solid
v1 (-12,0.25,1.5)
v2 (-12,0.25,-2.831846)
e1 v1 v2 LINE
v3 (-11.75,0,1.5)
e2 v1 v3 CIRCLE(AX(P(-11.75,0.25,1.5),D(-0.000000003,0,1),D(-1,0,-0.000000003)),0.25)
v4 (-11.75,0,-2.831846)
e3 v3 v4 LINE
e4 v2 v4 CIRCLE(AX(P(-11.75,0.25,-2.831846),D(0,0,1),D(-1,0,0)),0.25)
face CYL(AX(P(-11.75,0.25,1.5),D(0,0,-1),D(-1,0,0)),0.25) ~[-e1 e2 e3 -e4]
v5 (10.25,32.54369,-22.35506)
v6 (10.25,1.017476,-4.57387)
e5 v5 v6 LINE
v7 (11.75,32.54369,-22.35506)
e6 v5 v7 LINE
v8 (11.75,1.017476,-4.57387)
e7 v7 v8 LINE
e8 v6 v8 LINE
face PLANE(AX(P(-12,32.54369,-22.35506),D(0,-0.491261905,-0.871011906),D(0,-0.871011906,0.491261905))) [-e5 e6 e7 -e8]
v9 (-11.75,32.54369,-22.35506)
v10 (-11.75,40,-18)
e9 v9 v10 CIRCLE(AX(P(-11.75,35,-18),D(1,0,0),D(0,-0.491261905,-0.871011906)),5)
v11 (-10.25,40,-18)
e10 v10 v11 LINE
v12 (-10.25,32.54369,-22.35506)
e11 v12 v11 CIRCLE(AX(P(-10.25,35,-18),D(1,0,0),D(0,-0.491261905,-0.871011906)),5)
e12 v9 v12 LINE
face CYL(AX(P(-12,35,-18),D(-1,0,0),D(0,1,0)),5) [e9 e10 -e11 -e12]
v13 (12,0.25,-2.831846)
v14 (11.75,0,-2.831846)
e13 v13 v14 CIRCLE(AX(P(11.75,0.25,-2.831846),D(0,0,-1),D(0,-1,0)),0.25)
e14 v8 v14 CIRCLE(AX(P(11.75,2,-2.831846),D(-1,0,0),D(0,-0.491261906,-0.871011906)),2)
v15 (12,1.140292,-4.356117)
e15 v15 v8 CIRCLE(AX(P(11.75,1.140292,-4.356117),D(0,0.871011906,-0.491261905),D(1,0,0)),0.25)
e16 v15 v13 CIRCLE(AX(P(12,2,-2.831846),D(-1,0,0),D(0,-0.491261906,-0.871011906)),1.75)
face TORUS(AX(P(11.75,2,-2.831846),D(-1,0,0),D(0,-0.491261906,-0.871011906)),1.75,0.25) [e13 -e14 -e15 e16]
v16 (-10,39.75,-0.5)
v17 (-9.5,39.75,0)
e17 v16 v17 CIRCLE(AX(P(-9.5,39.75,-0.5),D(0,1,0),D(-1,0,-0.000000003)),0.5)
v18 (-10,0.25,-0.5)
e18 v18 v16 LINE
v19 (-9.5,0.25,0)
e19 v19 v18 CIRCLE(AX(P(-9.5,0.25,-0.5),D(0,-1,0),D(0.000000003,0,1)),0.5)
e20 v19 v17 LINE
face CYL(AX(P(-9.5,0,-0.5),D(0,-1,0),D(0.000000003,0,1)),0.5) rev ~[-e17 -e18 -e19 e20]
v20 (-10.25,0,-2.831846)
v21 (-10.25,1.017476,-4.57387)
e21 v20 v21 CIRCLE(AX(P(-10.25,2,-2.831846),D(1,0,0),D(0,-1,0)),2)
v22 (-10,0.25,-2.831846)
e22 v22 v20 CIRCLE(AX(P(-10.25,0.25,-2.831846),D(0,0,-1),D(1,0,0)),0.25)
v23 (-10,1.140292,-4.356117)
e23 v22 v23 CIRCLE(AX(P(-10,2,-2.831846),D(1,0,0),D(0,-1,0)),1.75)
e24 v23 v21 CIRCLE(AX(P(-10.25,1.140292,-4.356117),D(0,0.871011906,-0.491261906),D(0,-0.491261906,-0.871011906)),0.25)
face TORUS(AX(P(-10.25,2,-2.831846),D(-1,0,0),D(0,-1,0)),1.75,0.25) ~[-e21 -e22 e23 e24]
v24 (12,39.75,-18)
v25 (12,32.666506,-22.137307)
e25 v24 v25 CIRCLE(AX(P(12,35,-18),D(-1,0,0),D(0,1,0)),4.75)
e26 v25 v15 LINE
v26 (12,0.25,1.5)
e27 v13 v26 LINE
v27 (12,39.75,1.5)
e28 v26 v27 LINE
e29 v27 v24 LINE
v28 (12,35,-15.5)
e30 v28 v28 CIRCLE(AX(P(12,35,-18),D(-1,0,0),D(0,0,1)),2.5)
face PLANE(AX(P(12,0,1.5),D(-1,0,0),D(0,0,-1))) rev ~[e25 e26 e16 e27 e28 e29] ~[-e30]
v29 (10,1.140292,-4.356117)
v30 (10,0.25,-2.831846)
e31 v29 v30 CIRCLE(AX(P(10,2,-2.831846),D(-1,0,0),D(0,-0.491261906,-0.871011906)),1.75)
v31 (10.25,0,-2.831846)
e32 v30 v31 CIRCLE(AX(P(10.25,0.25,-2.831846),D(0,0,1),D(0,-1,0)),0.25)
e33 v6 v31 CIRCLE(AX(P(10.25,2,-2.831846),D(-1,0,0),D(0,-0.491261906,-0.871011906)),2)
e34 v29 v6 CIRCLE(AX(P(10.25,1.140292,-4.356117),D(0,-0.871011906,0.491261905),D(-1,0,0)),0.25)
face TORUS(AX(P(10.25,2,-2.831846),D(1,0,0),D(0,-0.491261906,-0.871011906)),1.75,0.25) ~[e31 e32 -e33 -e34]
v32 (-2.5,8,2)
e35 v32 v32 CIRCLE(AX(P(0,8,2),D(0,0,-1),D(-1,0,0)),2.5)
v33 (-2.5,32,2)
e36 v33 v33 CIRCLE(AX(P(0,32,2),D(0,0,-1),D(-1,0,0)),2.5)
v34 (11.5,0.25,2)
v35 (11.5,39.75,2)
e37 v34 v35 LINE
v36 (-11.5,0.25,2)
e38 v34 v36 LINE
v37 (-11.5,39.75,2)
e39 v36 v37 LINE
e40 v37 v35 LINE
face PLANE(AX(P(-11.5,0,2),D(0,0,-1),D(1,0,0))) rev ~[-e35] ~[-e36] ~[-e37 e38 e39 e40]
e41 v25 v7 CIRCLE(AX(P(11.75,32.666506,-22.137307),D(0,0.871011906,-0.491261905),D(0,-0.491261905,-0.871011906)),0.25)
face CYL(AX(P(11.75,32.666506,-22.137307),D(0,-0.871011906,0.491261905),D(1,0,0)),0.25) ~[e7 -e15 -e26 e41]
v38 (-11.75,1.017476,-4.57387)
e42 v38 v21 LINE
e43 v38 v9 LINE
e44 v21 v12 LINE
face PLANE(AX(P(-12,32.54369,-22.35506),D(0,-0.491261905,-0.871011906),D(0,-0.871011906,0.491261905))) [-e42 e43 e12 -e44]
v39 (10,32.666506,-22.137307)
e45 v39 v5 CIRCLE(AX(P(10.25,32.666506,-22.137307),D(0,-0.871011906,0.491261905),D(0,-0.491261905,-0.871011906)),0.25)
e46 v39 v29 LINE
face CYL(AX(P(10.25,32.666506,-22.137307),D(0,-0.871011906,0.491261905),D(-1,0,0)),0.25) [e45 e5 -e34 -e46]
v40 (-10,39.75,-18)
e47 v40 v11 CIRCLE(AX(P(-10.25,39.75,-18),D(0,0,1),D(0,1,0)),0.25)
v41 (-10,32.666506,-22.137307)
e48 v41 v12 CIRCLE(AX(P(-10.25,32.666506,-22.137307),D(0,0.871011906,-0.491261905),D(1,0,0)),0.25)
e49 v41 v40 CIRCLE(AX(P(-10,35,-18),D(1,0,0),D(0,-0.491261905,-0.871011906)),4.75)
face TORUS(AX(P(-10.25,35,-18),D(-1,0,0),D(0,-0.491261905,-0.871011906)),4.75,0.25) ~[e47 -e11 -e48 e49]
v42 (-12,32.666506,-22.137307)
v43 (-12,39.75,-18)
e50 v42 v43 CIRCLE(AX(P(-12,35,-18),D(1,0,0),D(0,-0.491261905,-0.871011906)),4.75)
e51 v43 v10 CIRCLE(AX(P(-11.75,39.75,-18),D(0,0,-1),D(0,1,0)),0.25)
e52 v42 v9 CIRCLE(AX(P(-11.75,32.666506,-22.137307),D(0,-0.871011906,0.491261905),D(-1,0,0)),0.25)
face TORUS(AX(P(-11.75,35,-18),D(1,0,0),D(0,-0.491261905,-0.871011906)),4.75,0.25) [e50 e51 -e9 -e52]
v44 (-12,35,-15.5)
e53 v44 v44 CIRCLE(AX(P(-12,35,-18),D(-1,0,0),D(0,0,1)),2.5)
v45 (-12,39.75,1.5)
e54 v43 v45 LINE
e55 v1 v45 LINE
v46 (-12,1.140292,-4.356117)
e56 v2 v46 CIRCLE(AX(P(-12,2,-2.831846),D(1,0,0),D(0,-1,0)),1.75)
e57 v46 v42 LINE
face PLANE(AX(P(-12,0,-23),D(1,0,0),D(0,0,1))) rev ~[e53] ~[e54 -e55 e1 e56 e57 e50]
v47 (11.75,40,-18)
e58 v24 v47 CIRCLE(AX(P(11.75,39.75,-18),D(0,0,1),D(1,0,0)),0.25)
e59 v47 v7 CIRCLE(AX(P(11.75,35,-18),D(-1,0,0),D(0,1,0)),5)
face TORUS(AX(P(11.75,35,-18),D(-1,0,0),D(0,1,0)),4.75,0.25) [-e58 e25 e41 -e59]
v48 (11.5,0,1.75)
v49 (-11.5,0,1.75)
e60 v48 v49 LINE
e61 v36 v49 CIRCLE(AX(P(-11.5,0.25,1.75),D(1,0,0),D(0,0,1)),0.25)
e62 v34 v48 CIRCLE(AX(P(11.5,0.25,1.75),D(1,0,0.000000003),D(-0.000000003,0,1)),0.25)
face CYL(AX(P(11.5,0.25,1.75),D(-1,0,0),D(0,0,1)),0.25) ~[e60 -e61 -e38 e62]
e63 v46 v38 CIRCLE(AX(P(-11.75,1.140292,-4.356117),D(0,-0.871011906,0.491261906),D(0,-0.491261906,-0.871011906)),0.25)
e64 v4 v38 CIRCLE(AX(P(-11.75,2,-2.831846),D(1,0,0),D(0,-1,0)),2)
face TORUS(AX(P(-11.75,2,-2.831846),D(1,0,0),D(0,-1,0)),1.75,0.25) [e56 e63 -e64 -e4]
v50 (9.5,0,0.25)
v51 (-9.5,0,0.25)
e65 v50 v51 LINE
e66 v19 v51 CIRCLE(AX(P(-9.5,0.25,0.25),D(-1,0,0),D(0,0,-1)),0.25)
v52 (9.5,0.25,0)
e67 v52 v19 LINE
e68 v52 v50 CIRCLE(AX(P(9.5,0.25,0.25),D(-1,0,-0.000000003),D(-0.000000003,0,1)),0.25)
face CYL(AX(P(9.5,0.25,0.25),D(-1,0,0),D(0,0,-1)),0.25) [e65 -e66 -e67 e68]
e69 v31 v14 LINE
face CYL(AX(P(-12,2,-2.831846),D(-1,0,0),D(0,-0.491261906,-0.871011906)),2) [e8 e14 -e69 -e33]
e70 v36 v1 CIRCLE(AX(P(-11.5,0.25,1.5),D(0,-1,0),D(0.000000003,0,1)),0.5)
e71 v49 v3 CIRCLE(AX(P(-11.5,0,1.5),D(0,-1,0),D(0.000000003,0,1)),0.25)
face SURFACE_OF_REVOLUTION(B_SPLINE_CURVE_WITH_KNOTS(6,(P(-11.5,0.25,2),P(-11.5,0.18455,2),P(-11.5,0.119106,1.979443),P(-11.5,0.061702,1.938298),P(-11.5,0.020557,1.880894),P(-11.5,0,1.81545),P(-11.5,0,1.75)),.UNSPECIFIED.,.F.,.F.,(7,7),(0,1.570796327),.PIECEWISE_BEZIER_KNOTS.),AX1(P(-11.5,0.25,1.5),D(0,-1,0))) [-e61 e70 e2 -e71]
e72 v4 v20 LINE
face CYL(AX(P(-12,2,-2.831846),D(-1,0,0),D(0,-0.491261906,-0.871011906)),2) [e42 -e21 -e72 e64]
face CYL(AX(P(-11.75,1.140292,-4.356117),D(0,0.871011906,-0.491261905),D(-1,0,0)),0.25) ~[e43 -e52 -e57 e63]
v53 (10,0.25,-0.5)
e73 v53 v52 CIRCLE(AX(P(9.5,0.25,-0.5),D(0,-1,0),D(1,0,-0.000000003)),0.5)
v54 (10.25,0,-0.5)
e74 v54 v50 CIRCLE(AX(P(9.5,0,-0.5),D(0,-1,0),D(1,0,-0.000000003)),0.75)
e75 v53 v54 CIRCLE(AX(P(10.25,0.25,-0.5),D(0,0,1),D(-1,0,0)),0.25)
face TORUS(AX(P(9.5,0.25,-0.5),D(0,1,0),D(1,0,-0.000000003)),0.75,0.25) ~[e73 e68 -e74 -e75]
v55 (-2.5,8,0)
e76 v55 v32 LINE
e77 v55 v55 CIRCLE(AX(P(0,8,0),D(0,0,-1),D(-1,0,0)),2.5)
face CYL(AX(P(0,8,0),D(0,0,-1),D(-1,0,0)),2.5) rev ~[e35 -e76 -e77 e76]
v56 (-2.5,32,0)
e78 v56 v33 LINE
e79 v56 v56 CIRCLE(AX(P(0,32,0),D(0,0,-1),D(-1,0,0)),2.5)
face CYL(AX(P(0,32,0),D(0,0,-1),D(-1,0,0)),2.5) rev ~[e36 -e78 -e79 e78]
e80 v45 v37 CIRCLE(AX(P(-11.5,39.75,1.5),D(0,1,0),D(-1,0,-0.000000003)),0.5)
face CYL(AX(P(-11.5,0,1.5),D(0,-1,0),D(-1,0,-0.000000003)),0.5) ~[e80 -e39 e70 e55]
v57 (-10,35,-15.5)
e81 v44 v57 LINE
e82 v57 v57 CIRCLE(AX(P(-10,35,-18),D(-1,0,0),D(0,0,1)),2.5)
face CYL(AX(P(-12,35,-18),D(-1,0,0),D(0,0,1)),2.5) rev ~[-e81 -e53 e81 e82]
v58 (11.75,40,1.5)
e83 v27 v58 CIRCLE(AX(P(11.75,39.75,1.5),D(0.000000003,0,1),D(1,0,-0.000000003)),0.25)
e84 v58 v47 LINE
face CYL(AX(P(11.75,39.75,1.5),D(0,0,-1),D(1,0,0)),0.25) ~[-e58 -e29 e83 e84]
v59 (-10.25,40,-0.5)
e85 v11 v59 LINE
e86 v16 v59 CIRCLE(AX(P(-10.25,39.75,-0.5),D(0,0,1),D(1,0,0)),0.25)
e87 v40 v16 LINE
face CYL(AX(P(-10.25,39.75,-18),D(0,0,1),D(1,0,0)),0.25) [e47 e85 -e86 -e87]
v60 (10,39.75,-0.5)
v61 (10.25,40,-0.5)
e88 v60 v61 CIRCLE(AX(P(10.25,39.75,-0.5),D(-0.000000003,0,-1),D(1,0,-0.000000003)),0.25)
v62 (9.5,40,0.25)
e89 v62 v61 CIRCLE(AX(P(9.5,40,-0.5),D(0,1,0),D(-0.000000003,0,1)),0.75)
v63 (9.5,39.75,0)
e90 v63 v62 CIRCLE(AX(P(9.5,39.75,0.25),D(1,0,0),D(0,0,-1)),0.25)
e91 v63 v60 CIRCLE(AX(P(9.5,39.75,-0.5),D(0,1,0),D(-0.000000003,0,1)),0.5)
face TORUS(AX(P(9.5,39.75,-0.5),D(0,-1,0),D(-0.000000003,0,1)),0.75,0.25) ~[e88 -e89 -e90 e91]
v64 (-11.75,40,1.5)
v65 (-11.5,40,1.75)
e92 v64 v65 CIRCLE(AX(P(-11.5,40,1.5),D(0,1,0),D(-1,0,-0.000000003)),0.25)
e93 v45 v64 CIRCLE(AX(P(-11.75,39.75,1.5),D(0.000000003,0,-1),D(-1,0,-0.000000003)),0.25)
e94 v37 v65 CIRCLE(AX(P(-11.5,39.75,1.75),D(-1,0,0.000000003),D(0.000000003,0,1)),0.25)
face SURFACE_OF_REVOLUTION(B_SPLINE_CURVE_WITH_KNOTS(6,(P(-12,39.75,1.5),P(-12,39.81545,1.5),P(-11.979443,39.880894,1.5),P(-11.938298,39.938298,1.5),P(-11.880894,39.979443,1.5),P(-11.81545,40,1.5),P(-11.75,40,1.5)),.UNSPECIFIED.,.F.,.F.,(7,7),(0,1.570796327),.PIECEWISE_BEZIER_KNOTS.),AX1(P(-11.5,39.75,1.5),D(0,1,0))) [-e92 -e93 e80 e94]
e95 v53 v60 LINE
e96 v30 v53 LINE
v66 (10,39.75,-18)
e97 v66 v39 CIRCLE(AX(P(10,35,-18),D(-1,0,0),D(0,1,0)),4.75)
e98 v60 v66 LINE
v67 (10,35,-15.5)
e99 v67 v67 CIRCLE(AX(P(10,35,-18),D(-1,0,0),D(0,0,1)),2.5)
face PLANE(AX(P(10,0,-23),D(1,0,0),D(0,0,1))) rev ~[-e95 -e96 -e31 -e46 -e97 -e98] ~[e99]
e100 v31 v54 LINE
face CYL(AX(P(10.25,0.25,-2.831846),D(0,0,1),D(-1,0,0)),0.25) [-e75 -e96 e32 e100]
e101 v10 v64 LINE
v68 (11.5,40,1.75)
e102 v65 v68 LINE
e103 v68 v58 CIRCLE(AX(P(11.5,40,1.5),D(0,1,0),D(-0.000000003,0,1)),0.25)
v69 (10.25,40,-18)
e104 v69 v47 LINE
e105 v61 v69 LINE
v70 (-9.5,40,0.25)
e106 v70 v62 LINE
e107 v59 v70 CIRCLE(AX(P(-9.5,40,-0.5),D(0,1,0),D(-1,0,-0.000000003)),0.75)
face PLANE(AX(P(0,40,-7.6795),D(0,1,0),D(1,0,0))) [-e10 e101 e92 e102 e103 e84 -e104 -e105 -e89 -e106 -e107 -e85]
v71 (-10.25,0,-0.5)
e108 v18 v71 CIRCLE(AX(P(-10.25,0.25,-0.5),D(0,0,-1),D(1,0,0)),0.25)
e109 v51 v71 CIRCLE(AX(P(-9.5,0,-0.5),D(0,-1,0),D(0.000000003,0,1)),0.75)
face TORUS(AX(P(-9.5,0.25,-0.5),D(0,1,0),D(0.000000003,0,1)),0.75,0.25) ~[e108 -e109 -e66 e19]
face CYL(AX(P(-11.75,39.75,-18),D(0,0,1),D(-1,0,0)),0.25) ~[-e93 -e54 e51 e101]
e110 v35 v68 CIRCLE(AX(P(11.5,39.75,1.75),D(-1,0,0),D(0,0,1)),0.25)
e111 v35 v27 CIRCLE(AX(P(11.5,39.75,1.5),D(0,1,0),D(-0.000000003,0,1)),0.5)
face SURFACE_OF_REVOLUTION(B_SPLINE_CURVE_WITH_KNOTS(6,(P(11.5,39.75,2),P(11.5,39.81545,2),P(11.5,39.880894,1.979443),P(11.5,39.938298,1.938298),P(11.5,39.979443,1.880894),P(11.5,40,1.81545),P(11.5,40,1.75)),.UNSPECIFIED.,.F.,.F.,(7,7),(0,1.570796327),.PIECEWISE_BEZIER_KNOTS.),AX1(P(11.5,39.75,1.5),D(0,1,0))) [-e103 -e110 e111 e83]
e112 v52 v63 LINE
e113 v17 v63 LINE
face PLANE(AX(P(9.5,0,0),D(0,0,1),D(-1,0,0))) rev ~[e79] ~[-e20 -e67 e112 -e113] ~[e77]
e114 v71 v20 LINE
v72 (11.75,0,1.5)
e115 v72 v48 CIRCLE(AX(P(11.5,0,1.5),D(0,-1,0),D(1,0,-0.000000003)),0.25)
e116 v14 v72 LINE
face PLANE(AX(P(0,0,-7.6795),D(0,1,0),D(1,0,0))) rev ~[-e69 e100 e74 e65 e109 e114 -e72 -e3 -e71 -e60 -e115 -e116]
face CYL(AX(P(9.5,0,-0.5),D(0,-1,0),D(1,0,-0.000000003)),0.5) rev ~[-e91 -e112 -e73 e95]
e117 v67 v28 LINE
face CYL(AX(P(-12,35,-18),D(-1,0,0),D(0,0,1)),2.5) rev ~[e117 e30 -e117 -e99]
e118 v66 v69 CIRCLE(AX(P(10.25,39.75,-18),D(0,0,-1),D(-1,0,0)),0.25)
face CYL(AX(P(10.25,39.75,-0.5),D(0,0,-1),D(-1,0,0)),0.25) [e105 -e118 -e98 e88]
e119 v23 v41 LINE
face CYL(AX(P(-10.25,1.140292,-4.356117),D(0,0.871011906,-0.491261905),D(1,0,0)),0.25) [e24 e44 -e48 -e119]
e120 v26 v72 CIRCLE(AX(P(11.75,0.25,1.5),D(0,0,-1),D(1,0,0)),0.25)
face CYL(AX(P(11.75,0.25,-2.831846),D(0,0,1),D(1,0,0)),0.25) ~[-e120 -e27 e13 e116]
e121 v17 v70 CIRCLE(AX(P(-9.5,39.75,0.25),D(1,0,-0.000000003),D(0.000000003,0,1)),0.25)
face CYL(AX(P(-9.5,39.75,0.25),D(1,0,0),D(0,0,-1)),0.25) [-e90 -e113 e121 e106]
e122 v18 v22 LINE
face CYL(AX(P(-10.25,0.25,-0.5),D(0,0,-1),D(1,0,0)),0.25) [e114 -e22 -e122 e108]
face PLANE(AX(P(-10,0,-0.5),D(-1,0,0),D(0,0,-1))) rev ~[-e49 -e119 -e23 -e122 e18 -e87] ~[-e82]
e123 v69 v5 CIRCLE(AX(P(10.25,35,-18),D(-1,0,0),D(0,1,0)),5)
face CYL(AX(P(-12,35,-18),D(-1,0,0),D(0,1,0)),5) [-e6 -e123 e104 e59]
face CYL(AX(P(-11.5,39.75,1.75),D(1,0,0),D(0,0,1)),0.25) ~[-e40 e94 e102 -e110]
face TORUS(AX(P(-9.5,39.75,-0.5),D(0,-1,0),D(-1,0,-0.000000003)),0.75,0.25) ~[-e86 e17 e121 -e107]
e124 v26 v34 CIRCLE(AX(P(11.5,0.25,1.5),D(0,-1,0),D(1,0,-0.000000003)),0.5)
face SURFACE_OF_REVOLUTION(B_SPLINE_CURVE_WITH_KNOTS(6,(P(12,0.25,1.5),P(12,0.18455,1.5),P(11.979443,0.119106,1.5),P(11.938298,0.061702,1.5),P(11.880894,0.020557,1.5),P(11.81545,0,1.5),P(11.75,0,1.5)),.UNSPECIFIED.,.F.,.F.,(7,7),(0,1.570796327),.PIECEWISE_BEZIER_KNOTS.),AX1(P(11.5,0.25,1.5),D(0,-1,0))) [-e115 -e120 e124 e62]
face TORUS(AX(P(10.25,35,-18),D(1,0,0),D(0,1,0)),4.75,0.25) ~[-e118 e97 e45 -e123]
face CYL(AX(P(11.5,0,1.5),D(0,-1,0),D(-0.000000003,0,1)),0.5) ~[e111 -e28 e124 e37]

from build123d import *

# Parameters (mm, degrees)
BOSS_EXTRUDE1_DEPTH = 40
SKETCH2_OUTSIDE_W   = 37.584
SKETCH2_OUTSIDE_H   = 52.584
CUT_EXTRUDE1_DEPTH  = 30
FILLET1_R           = 0.25
SKETCH3_R           = 2.5
CUT_EXTRUDE2_DEPTH  = 40
SKETCH4_R           = 2.5
CUT_EXTRUDE3_DEPTH  = 30


with BuildPart() as part:
    # Sketch1 → Boss-Extrude1 (new body)
    with BuildSketch(Plane(origin=(0, 0, 0), x_dir=(1, 0, 0), z_dir=(0, 1, 0))):
        with BuildLine():
            Line((12, -1.5), (12, 23))
            Line((12, 23), (10, 23))
            Line((10, 23), (10, 0.5))
            ThreePointArc((10, 0.5), (9.853553391, 0.146446609), (9.5, 0))
            Line((9.5, 0), (-9.5, 0))
            ThreePointArc((-9.5, 0), (-9.853553391, 0.146446609), (-10, 0.5))
            Line((-10, 0.5), (-10, 23))
            Line((-10, 23), (-12, 23))
            Line((-12, 23), (-12, -1.5))
            ThreePointArc((-12, -1.5), (-11.853553391, -1.853553391), (-11.5, -2))
            Line((-11.5, -2), (11.5, -2))
            ThreePointArc((11.5, -2), (11.853553391, -1.853553391), (12, -1.5))
        make_face()
    extrude(amount=BOSS_EXTRUDE1_DEPTH)

    # Sketch2 outside → Cut-Extrude1 (cut)
    with BuildSketch(Plane.ZY.offset(12)):
        with Locations((-10.5, 20)):
            Rectangle(SKETCH2_OUTSIDE_W, SKETCH2_OUTSIDE_H)
        with BuildLine():
            Line((-22.35505953, 32.543690474), (-4.573869643, 1.017476189))
            ThreePointArc((-4.573869643, 1.017476189), (-3.840546078, 0.273001502), (-2.831845831, 0))
            Line((-2.831845831, 0), (2, 0))
            Line((2, 0), (2, 40))
            Line((2, 40), (-18, 40))
            ThreePointArc((-18, 40), (-22.317496244, 37.521750619), (-22.35505953, 32.543690474))
        make_face(mode=Mode.SUBTRACT)
    extrude(amount=-CUT_EXTRUDE1_DEPTH, mode=Mode.SUBTRACT)

    # Fillet1
    fillet1_edges = [part.edges().sort_by_distance(p)[0] for p in [
        (-10, 0, -1.665922915),
        (-9.853553391, 0, -0.146446609),
        (-11.853553391, 40, 1.853553391),
        (0, 0, 0),
        (9.853553391, 0, -0.146446609),
        (12, 0, -0.665922915),
        (11.853553391, 0, 1.853553391),
        (0, 0, 2),
        (-11.853553391, 0, 1.853553391),
        (0, 40, 2),
        (11.853553391, 40, 1.853553391),
        (12, 40, -8.25),
        (10, 0, -1.665922915),
        (9.853553391, 40, -0.146446609),
        (-12, 0, -0.665922915),
        (-12, 40, -8.25),
        (10, 40, -9.25),
        (0, 40, 0),
        (-10, 16.780583332, -13.464464586),
        (-9.853553391, 40, -0.146446609),
        (-10, 40, -9.25),
        (12, 16.780583332, -13.464464586),
        (-12, 16.780583332, -13.464464586),
        (-12, 37.521750619, -22.317496244),
        (12, 37.521750619, -22.317496244),
        (12, 0.273001502, -3.840546078),
        (-12, 0.273001502, -3.840546078),
        (10, 37.521750619, -22.317496244),
        (-10, 37.521750619, -22.317496244),
        (10, 0.273001502, -3.840546078),
        (-10, 0.273001502, -3.840546078),
        (10, 16.780583332, -13.464464586),
    ]]
    fillet(fillet1_edges, radius=FILLET1_R)

    # Sketch3 → Cut-Extrude2 (cut)
    with BuildSketch(Plane.ZY.offset(12)):
        with Locations((-18, 35)):
            Circle(SKETCH3_R)
    extrude(amount=-CUT_EXTRUDE2_DEPTH, mode=Mode.SUBTRACT)

    # Sketch4 → Cut-Extrude3 (cut)
    with BuildSketch(Plane(origin=(0, 0, 0), x_dir=(-1, 0, 0), z_dir=(0, 0, -1))):
        with Locations((0, 32)):
            Circle(SKETCH4_R)
        with Locations((0, 8)):
            Circle(SKETCH4_R)
    extrude(amount=-CUT_EXTRUDE3_DEPTH, mode=Mode.SUBTRACT)


solid = part.part
